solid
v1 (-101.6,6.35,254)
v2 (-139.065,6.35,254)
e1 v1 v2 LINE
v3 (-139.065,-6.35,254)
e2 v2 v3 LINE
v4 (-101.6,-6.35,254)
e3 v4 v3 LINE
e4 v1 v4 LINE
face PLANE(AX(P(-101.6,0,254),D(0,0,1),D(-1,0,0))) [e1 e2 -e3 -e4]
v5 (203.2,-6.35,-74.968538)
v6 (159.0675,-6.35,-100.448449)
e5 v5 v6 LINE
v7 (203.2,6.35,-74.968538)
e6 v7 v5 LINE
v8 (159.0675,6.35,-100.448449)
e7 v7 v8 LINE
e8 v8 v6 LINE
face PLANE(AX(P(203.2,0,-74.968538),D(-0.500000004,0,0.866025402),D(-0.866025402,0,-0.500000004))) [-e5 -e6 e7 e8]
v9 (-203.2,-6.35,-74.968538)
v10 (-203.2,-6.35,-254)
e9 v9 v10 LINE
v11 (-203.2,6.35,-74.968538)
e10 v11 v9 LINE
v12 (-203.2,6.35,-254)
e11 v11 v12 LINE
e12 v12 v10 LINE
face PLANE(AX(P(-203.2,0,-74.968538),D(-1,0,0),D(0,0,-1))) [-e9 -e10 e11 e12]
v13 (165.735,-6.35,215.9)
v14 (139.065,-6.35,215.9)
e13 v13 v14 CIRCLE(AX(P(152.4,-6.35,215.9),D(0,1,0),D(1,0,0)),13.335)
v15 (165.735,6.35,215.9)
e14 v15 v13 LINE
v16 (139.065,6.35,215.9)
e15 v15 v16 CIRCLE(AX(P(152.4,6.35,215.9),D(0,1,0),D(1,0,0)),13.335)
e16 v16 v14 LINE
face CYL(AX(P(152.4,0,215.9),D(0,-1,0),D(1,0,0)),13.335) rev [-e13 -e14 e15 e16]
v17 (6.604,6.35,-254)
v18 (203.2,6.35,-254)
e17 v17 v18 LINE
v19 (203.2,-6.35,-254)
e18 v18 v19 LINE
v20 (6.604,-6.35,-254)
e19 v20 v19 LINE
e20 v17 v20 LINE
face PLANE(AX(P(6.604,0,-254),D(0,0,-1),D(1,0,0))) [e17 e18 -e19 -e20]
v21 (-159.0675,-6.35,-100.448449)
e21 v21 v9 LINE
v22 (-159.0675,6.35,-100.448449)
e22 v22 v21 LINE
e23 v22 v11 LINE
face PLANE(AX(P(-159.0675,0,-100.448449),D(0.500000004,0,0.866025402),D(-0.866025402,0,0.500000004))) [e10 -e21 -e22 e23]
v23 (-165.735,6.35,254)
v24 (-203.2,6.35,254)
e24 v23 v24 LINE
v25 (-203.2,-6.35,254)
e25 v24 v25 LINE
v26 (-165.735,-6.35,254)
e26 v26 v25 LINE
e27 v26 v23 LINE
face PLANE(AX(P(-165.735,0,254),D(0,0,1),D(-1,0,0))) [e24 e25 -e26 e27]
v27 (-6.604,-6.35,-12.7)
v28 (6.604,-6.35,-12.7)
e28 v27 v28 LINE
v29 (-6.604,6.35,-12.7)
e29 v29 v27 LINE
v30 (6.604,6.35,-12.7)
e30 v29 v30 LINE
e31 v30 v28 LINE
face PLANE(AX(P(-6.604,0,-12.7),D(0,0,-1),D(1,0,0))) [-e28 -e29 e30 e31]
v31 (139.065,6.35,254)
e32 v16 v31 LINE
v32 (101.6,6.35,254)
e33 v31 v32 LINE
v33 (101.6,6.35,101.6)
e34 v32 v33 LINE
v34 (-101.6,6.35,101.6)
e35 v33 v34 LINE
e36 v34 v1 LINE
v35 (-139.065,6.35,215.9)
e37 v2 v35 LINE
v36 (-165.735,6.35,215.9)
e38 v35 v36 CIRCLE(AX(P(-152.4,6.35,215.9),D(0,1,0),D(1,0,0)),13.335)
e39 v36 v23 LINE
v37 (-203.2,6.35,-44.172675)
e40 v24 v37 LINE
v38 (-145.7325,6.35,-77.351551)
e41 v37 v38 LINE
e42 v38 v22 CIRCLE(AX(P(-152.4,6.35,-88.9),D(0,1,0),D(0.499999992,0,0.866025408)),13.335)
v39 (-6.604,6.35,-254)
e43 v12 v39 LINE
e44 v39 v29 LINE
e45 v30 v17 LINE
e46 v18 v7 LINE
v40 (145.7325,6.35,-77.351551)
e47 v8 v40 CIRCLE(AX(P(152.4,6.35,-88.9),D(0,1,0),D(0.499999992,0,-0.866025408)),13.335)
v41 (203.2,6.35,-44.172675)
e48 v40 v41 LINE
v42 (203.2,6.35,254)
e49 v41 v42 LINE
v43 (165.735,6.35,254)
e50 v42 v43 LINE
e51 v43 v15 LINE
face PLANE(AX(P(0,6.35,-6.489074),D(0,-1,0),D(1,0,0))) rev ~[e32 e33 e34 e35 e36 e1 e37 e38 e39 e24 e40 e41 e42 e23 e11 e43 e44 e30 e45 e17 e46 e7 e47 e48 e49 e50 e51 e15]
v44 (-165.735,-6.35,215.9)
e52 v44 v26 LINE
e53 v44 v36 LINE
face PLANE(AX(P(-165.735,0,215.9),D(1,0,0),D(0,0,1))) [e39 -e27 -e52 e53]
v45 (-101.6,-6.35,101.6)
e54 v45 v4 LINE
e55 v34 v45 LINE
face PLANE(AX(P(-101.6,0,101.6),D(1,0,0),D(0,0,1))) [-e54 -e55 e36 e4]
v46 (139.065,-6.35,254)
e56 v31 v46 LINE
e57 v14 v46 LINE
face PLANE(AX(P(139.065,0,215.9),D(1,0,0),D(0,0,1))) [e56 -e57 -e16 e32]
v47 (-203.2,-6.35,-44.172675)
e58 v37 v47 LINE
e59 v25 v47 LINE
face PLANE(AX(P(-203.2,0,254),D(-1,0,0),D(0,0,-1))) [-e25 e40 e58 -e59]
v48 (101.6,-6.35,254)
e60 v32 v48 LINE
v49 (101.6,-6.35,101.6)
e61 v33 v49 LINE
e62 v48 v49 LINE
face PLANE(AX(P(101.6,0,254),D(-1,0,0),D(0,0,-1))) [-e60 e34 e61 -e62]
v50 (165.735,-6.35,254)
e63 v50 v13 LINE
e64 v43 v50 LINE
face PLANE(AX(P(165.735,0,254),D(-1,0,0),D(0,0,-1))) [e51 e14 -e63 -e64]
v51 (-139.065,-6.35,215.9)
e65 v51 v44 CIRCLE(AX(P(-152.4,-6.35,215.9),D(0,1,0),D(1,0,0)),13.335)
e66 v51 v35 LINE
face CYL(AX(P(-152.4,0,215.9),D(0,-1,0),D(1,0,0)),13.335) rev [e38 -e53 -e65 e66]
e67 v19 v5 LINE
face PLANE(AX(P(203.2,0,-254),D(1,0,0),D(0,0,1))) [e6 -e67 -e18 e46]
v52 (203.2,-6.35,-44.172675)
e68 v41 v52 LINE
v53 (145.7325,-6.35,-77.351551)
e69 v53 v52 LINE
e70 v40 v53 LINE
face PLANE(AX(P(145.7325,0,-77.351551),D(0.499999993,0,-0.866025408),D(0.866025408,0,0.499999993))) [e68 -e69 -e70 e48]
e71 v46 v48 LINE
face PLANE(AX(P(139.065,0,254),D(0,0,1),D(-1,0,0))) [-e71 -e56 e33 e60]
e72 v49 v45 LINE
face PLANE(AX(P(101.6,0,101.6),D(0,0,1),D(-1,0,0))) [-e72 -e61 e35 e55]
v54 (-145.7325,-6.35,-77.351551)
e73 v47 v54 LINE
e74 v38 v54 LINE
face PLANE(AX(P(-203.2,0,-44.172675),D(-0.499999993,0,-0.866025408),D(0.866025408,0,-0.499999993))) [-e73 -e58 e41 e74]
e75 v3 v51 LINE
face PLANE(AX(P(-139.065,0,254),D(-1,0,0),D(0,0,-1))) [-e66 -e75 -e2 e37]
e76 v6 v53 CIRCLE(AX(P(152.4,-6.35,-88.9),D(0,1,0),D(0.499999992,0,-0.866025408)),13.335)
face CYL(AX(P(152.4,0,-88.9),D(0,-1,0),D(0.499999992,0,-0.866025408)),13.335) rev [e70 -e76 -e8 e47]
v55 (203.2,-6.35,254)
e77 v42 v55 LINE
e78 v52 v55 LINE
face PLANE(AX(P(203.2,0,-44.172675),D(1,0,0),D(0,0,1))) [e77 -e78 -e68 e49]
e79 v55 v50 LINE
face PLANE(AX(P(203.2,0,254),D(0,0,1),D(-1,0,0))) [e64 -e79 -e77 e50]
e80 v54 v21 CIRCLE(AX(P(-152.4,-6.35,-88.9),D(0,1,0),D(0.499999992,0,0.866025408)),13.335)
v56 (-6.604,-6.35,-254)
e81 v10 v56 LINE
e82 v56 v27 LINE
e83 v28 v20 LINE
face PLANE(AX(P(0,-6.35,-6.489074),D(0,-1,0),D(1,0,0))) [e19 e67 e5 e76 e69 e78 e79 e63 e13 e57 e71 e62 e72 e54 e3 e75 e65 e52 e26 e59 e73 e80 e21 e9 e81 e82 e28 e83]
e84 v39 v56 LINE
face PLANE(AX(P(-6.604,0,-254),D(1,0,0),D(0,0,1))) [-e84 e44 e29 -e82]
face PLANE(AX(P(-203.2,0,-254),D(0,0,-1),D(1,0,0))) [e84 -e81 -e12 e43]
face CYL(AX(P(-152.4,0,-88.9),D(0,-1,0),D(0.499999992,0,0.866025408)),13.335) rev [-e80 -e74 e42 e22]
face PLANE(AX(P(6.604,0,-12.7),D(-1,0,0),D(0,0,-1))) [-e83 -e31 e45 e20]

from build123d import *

# Parameters (mm, degrees)
F1_DEPTH = 6.35


with BuildPart() as f1:
    # F0 (on Front) → F1 (new body, symmetric)
    with BuildSketch(Plane.XZ):
        with BuildLine():
            Line((-165.735, 254), (-203.2, 254))
            Line((-203.2, 254), (-203.2, -44.172675))
            Line((-203.2, -44.172675), (-145.7325, -77.351551))
            ThreePointArc((-145.7325, -77.351551), (-140.851551, -95.5675), (-159.0675, -100.448449))
            Line((-159.0675, -100.448449), (-203.2, -74.968538))
            Line((-203.2, -74.968538), (-203.2, -254))
            Line((-203.2, -254), (-184.404, -254))
            Line((-184.404, -254), (-171.196, -254))
            Line((-171.196, -254), (-170.47146, -254))
            Line((-170.47146, -254), (-6.604, -254))
            Line((-6.604, -254), (-6.604, -12.7))
            Line((-6.604, -12.7), (6.604, -12.7))
            Line((6.604, -12.7), (6.604, -254))
            Line((6.604, -254), (171.196, -254))
            Line((171.196, -254), (184.404, -254))
            Line((184.404, -254), (188.53423, -254))
            Line((188.53423, -254), (203.2, -254))
            Line((203.2, -254), (203.2, -74.968538))
            Line((203.2, -74.968538), (159.0675, -100.448449))
            ThreePointArc((159.0675, -100.448449), (140.851551, -95.5675), (145.7325, -77.351551))
            Line((145.7325, -77.351551), (203.2, -44.172675))
            Line((203.2, -44.172675), (203.2, 254))
            Line((203.2, 254), (165.735, 254))
            Line((165.735, 254), (165.735, 215.9))
            ThreePointArc((165.735, 215.9), (152.4, 202.565), (139.065, 215.9))
            Line((139.065, 215.9), (139.065, 254))
            Line((139.065, 254), (101.6, 254))
            Line((101.6, 254), (101.6, 101.6))
            Line((101.6, 101.6), (0, 101.6))
            Line((0, 101.6), (-101.6, 101.6))
            Line((-101.6, 101.6), (-101.6, 254))
            Line((-101.6, 254), (-139.065, 254))
            Line((-139.065, 254), (-139.065, 215.9))
            ThreePointArc((-139.065, 215.9), (-152.4, 202.565), (-165.735, 215.9))
            Line((-165.735, 215.9), (-165.735, 254))
        make_face()
    extrude(amount=F1_DEPTH, both=True)


solid = f1.part
